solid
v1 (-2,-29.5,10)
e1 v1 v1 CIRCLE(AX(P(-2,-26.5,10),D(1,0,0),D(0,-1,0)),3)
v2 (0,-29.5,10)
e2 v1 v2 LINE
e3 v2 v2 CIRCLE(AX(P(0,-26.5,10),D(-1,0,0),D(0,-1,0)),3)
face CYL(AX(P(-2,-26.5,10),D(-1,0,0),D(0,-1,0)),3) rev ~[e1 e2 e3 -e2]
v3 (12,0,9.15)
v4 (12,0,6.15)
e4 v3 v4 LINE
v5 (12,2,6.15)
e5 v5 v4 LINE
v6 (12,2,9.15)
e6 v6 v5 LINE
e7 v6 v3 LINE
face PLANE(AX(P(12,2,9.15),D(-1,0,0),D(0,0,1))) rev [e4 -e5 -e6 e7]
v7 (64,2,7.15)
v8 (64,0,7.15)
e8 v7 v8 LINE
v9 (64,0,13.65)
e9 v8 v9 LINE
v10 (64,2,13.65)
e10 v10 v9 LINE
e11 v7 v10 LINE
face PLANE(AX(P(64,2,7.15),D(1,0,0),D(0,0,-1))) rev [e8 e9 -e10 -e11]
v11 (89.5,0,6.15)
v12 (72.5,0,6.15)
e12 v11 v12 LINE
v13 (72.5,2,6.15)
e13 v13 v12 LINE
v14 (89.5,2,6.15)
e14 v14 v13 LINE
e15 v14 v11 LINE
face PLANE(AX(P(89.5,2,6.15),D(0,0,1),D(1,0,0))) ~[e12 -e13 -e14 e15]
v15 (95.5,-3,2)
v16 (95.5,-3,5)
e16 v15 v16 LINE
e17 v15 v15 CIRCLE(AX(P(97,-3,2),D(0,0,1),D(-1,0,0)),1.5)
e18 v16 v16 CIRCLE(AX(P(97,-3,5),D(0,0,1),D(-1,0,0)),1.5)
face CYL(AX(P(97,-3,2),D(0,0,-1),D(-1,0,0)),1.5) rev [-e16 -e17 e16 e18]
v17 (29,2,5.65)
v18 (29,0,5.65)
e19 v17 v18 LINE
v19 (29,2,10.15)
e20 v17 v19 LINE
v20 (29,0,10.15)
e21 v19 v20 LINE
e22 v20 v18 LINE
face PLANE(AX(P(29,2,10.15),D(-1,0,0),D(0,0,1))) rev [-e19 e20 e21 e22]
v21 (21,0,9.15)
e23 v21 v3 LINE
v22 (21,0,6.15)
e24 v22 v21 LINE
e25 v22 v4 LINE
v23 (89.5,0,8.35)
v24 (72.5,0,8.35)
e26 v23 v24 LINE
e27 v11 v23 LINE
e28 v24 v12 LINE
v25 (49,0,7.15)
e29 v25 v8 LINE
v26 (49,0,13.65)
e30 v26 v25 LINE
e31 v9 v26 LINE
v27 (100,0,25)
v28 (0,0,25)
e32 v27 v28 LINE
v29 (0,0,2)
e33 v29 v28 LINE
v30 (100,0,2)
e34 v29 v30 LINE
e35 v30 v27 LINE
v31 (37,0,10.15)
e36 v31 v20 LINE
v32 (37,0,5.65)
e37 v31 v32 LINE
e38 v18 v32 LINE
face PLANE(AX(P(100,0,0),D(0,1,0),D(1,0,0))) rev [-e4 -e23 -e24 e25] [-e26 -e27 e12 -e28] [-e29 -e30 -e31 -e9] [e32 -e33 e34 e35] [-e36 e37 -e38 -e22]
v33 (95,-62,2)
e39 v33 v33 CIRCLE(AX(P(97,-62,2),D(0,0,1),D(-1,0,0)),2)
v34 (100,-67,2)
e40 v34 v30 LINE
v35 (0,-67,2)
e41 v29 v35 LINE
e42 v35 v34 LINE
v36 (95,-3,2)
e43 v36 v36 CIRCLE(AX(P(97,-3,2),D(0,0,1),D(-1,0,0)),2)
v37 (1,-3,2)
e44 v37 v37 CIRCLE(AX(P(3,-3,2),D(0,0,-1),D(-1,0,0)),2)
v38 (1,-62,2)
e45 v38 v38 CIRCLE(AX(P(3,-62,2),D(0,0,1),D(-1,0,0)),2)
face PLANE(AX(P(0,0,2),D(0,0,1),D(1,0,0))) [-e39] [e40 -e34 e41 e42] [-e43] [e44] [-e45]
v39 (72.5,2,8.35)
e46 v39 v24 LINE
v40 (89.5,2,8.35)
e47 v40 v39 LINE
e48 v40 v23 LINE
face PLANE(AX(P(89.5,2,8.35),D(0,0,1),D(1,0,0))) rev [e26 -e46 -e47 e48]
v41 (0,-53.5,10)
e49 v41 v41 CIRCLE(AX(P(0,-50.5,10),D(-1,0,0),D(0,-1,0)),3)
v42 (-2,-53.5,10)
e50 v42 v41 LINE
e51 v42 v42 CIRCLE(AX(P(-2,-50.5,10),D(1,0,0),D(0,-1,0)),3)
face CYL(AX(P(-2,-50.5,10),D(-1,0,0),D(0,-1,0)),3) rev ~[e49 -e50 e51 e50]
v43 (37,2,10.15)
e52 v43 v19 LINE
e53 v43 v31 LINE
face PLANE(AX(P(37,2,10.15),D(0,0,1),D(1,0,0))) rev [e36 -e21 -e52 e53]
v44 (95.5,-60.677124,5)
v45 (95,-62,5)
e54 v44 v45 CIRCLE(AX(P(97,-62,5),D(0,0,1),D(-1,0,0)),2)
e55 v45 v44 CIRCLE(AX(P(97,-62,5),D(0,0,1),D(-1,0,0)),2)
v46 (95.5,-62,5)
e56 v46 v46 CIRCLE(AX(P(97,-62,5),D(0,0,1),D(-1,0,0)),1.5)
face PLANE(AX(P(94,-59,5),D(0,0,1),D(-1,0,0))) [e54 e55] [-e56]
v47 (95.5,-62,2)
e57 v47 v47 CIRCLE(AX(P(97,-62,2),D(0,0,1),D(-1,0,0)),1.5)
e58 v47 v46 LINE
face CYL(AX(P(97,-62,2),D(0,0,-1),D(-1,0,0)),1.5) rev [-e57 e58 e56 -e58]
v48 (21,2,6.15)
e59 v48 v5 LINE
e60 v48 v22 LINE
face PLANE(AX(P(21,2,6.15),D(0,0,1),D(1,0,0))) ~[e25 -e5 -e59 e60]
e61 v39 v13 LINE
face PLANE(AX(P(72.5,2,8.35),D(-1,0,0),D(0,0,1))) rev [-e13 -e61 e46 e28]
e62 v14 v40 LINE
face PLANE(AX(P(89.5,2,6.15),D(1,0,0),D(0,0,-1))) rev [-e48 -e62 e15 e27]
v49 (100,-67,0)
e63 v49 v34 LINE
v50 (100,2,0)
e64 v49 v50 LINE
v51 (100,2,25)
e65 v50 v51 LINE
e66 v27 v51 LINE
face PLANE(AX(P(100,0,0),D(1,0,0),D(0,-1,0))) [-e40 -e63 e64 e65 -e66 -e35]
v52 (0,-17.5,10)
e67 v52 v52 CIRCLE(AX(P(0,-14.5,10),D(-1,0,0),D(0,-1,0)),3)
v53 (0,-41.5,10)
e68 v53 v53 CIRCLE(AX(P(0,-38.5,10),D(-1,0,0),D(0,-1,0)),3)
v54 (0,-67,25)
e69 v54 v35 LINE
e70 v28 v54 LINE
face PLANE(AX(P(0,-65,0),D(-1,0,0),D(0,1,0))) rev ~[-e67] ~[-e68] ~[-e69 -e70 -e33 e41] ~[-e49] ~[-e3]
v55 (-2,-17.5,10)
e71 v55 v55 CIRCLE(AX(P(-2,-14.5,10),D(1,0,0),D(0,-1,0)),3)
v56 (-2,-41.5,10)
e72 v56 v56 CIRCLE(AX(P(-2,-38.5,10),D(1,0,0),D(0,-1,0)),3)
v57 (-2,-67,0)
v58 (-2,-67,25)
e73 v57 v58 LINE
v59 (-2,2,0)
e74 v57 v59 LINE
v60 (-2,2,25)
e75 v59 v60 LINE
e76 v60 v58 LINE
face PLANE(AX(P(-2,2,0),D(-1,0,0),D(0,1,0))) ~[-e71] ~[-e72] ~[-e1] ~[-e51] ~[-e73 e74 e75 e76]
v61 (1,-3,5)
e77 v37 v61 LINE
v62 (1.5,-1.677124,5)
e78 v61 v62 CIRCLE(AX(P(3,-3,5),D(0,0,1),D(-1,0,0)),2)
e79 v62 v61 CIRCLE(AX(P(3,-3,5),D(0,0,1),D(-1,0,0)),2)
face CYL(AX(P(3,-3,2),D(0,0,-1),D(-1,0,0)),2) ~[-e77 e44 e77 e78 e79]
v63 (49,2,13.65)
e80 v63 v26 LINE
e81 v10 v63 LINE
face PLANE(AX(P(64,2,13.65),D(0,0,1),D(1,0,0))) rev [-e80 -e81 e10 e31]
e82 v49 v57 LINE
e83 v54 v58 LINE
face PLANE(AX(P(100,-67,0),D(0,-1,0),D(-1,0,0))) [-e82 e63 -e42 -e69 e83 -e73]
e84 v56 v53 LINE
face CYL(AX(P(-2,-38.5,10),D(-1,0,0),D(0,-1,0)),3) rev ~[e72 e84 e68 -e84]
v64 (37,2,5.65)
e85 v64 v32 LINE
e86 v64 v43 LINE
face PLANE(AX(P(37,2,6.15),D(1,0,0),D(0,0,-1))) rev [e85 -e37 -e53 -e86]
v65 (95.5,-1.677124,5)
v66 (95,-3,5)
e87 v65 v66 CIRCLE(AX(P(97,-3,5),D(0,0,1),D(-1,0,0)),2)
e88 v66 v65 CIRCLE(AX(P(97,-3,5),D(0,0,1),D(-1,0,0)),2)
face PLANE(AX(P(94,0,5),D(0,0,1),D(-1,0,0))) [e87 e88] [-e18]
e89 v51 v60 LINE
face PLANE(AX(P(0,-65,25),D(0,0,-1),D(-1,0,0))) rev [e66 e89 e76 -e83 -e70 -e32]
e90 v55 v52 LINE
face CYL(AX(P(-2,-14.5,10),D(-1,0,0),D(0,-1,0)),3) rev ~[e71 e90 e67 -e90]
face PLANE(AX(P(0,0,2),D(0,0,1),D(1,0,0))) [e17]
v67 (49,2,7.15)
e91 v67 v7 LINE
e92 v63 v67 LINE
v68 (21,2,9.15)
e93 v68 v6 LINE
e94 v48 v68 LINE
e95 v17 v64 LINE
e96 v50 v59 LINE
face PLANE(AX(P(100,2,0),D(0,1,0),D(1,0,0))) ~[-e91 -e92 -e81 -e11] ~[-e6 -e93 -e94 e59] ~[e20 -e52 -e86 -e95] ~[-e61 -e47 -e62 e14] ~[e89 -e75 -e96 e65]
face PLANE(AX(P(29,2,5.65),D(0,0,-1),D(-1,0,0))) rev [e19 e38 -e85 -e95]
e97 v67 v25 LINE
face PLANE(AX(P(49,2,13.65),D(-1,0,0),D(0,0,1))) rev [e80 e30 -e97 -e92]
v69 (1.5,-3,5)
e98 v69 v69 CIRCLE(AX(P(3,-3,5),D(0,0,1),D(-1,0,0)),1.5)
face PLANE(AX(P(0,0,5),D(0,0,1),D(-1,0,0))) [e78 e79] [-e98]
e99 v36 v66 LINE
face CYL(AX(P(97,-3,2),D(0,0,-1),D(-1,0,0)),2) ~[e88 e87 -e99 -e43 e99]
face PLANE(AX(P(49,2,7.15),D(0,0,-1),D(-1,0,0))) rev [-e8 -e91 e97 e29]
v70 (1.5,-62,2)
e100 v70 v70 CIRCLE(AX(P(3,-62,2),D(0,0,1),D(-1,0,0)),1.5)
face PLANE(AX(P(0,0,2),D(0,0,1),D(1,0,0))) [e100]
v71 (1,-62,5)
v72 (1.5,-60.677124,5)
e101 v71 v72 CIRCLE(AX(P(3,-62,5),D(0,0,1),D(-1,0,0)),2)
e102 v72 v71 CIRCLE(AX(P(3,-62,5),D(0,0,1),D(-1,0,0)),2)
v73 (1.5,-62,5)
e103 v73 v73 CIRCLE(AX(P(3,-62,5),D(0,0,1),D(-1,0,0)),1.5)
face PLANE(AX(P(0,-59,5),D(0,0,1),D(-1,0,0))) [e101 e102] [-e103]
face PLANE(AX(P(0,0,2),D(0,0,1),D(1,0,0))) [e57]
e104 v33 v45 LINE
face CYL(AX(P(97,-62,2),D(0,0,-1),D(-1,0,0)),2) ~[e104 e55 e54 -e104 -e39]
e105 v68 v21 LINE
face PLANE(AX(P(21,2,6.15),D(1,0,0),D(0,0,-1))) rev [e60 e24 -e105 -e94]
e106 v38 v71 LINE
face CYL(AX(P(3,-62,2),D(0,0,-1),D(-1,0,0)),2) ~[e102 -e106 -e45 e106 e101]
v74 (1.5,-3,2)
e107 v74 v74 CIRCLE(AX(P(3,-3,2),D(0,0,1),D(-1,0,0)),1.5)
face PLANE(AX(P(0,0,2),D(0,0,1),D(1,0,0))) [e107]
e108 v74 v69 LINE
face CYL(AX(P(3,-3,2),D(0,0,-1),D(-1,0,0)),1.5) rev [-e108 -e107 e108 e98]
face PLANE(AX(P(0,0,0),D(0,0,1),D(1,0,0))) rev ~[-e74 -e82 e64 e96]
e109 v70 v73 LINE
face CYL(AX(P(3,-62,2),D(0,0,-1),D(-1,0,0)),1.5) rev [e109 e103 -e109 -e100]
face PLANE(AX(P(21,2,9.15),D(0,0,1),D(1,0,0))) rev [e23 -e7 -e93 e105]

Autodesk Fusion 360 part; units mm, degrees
sketch "Sketch1" plane through (0, 0, 0) normal (0, 0, 1) x (1, 0, 0)
  line L0 (0, 0) -> (100, 0)
  line L1 (100, 0) -> (100, -65)
  line L2 (100, -65) -> (0, -65)
  line L3 (0, -65) -> (0, 0)
  dimension "d1" = 100
  dimension "d2" = 65
extrude "Extrude1" add sketch "Sketch1" along normal blind 2
sketch "Sketch2" plane through (0, 0, 2) normal (0, 0, 1) x (-1, 0, 0)
  line L0 (0, 65) -> (-100, 65)
  line L1 (-100, 65) -> (-100, 0)
  line L2 (-100, 0) -> (0, 0)
  line L3 (0, 0) -> (0, 65)
  line L4 (0, 65) -> (-120, 65)
  line L5 (-120, 65) -> (-210, 65)
  line L6 (-210, 65) -> (-290, 65)
  line L7 (-290, 65) -> (-370, 65)
  line L8 (-370, 65) -> (-490, 65)
  line L9 (-490, 65) -> (-640, 65)
  line L10 (-640, 65) -> (-725, 65)
  line L11 (-725, 65) -> (-895, 65)
  line L12 (-895, 65) -> (-1000, 65)
  line L13 (0, 0) -> (-1.5, 0)
  line L14 (-1.5, 0) -> (-1.5, 1.5)
  line L15 (-1.5, 1.5) -> (-1.5, 3)
  line L16 (-1.5, 3) -> (-3, 3)
  circle A0 centre (-3, 3) radius 1.5
  circle A1 centre (-3, 3) radius 2
  dimension "d5" = 120
  dimension "d6" = 90
  dimension "d7" = 80
  dimension "d8" = 80
  dimension "d9" = 120
  dimension "d10" = 150
  dimension "d11" = 85
  dimension "d12" = 170
  dimension "d13" = 105
  dimension "d14" = 1.5
  dimension "d15" = 1.5
  dimension "d16" = 1.5
  dimension "d17" = 1.5
  dimension "d18" = 3
extrude "Extrude2" add sketch "Sketch2" along normal blind 3 contours A1
pattern_linear "R-Pattern2" count 2 spacing 94 along (1, 0, 0) count 2 spacing 59 along (0, -1, 0) of "Extrude2"
sketch "Sketch4" plane through (0, 0, 0) normal (0, 0, -1) x (1, 0, 0)
  line L0 (100, 65) -> (0, 65)
  line L1 (0, 65) -> (0, 0)
  line L2 (0, 0) -> (100, 0)
  line L3 (100, 0) -> (100, 65)
  line L4 (0, 0) -> (-2, 0)
  line L5 (-2, 0) -> (-2, 65)
  line L6 (-2, 65) -> (0, 65)
  line L7 (0, 65) -> (0, 0)
  line L8 (-2, 65) -> (100, 65)
  line L9 (100, 65) -> (100, 67)
  line L10 (100, 67) -> (-2, 67)
  line L11 (-2, 67) -> (-2, 65)
  dimension "d37" = 2
  dimension "d38" = 2
extrude "Extrude6" add sketch "Sketch4" against normal blind 25 contours L0 L6 L8 L9 L10 L11 | L1 L4 L5 L6 L7 L8
sketch "Sketch5" plane through (0, -67, 0) normal (0, -1, 0) x (1, 0, 0)
  line L0 (-2, 0) -> (100, 0)
  line L1 (100, 0) -> (100, 25)
  line L2 (100, 25) -> (-2, 25)
  line L3 (-2, 25) -> (-2, 0)
  line L4 (0, 25) -> (0, 0) construction
  line L5 (0, 5) -> (100, 5) construction
  line L6 (0, 5) -> (100, 5)
  line L7 (100, 5) -> (100, 6.15)
  line L8 (100, 6.15) -> (0, 6.15)
  line L9 (0, 6.15) -> (0, 5)
  line L10 (0, 6.15) -> (12, 6.15)
  line L11 (12, 6.15) -> (21, 6.15)
  line L12 (21, 6.15) -> (21, 9.15)
  line L13 (21, 9.15) -> (12, 9.15)
  line L14 (12, 9.15) -> (12, 6.15)
  line L15 (21, 6.15) -> (29, 6.15)
  line L16 (29, 6.15) -> (37, 6.15)
  line L17 (37, 6.15) -> (37, 10.15)
  line L18 (37, 10.15) -> (29, 10.15)
  line L19 (29, 10.15) -> (29, 6.15)
  line L20 (37, 6.15) -> (49, 6.15)
  line L21 (49, 6.15) -> (64, 6.15)
  line L22 (64, 6.15) -> (64, 13.65)
  line L23 (64, 13.65) -> (49, 13.65)
  line L24 (49, 13.65) -> (49, 6.15)
  line L25 (64, 6.15) -> (72.5, 6.15)
  line L26 (72.5, 6.15) -> (89.5, 6.15)
  line L27 (89.5, 6.15) -> (89.5, 8.35)
  line L28 (89.5, 8.35) -> (72.5, 8.35)
  line L29 (72.5, 8.35) -> (72.5, 6.15)
  line L30 (89.5, 6.15) -> (100, 6.15)
  line L31 (49, 6.15) -> (49, 7.15)
  line L32 (49, 7.15) -> (64, 7.15)
  line L33 (29, 6.15) -> (29, 5.65)
  line L34 (29, 5.65) -> (37, 5.65)
  line L35 (37, 5.65) -> (37, 6.15)
  dimension "d41" = 1.15
  dimension "d42" = 12
  dimension "d43" = 9
  dimension "d44" = 3
  dimension "d45" = 8
  dimension "d46" = 8
  dimension "d47" = 4
  dimension "d48" = 12
  dimension "d49" = 15
  dimension "d50" = 7.5
  dimension "d51" = 8.5
  dimension "d52" = 17
  dimension "d53" = 2.2
  dimension "d73" = 1
  dimension "d74" = 0.5
extrude "Extrude7" cut sketch "Sketch5" against normal up to surface (2 mm away) contours L8 L26 L27 L28 L29 | L8 L11 L12 L13 L14 | L22 L23 L24 L32 | L8 L16 L17 L18 L19 | L8 L16 L33 L34 L35
sketch "Sketch6" plane through (-2, 0, 0) normal (-1, 0, 0) x (0, -1, 0)
  line L0 (0, 0) -> (67, 0)
  line L1 (67, 0) -> (67, 25)
  line L2 (67, 25) -> (0, 25)
  line L3 (0, 25) -> (0, 0)
  line L4 (65, 25) -> (65, 0)
  line L5 (67, 5) -> (0, 5)
  line L6 (67, 5) -> (0, 5)
  line L7 (0, 5) -> (0, 6.15)
  line L8 (0, 6.15) -> (67, 6.15) construction
  line L9 (67, 6.15) -> (67, 5)
  line L10 (65, 5) -> (65, 10)
  line L11 (65, 10) -> (0, 10)
  line L12 (65, 10) -> (50.5, 10)
  circle A0 centre (50.5, 10) radius 3
  line L13 (50.5, 10) -> (38.5, 10)
  circle A1 centre (38.5, 10) radius 3
  line L14 (38.5, 10) -> (26.5, 10)
  circle A2 centre (26.5, 10) radius 3
  line L15 (26.5, 10) -> (14.5, 10)
  circle A3 centre (14.5, 10) radius 3
  dimension "d56" = 67
  dimension "d57" = 1.15
  dimension "d58" = 5
  dimension "d59" = 14.5
  dimension "d60" = 6
  dimension "d61" = 12
  dimension "d62" = 12
  dimension "d63" = 12
ref_plane "WorkPlane1" through (50, -32.5, 13.5) normal (0, 1, 0) x (-1, 0, 0)
mirror "Mirror1" about plane through (50, -32.5, 13.5) normal (0, 1, 0) of "Extrude6"
extrude "Extrude8" cut sketch "Sketch6" against normal up to surface (2 mm away) contours L11 L12 A0 L13 | L11 L12 A0 L13 | L11 L15 A3 | L11 L15 A3 | L11 L13 A1 L14 | L11 L13 A1 L14 | L11 L14 A2 L15 | L11 L14 A2 L15
mirror "Mirror2" about plane through (50, -32.5, 13.5) normal (0, 1, 0) of "Extrude7"
sketch "Sketch7" plane through (0, 0, 25) normal (0, 0, 1) x (-1, 0, 0)
  line L0 (2, -2) -> (2, 67)
  line L1 (2, 67) -> (-100, 67)
  line L2 (-100, 67) -> (-100, 65)
  line L3 (-100, 65) -> (0, 65)
  line L4 (0, 65) -> (0, 0)
  line L5 (0, 0) -> (-100, 0)
  line L6 (-100, 0) -> (-100, -2)
  line L7 (-100, -2) -> (2, -2)
  line L8 (0, 65) -> (-100, 65)
  line L9 (-100, 65) -> (-100, 67)
  line L10 (-100, 67) -> (0, 67)
  line L11 (0, 67) -> (0, 65)
extrude "Extrude9" cut sketch "Sketch7" against normal blind 23 contours L1 L2 L3 L8 L9 L10 L11
